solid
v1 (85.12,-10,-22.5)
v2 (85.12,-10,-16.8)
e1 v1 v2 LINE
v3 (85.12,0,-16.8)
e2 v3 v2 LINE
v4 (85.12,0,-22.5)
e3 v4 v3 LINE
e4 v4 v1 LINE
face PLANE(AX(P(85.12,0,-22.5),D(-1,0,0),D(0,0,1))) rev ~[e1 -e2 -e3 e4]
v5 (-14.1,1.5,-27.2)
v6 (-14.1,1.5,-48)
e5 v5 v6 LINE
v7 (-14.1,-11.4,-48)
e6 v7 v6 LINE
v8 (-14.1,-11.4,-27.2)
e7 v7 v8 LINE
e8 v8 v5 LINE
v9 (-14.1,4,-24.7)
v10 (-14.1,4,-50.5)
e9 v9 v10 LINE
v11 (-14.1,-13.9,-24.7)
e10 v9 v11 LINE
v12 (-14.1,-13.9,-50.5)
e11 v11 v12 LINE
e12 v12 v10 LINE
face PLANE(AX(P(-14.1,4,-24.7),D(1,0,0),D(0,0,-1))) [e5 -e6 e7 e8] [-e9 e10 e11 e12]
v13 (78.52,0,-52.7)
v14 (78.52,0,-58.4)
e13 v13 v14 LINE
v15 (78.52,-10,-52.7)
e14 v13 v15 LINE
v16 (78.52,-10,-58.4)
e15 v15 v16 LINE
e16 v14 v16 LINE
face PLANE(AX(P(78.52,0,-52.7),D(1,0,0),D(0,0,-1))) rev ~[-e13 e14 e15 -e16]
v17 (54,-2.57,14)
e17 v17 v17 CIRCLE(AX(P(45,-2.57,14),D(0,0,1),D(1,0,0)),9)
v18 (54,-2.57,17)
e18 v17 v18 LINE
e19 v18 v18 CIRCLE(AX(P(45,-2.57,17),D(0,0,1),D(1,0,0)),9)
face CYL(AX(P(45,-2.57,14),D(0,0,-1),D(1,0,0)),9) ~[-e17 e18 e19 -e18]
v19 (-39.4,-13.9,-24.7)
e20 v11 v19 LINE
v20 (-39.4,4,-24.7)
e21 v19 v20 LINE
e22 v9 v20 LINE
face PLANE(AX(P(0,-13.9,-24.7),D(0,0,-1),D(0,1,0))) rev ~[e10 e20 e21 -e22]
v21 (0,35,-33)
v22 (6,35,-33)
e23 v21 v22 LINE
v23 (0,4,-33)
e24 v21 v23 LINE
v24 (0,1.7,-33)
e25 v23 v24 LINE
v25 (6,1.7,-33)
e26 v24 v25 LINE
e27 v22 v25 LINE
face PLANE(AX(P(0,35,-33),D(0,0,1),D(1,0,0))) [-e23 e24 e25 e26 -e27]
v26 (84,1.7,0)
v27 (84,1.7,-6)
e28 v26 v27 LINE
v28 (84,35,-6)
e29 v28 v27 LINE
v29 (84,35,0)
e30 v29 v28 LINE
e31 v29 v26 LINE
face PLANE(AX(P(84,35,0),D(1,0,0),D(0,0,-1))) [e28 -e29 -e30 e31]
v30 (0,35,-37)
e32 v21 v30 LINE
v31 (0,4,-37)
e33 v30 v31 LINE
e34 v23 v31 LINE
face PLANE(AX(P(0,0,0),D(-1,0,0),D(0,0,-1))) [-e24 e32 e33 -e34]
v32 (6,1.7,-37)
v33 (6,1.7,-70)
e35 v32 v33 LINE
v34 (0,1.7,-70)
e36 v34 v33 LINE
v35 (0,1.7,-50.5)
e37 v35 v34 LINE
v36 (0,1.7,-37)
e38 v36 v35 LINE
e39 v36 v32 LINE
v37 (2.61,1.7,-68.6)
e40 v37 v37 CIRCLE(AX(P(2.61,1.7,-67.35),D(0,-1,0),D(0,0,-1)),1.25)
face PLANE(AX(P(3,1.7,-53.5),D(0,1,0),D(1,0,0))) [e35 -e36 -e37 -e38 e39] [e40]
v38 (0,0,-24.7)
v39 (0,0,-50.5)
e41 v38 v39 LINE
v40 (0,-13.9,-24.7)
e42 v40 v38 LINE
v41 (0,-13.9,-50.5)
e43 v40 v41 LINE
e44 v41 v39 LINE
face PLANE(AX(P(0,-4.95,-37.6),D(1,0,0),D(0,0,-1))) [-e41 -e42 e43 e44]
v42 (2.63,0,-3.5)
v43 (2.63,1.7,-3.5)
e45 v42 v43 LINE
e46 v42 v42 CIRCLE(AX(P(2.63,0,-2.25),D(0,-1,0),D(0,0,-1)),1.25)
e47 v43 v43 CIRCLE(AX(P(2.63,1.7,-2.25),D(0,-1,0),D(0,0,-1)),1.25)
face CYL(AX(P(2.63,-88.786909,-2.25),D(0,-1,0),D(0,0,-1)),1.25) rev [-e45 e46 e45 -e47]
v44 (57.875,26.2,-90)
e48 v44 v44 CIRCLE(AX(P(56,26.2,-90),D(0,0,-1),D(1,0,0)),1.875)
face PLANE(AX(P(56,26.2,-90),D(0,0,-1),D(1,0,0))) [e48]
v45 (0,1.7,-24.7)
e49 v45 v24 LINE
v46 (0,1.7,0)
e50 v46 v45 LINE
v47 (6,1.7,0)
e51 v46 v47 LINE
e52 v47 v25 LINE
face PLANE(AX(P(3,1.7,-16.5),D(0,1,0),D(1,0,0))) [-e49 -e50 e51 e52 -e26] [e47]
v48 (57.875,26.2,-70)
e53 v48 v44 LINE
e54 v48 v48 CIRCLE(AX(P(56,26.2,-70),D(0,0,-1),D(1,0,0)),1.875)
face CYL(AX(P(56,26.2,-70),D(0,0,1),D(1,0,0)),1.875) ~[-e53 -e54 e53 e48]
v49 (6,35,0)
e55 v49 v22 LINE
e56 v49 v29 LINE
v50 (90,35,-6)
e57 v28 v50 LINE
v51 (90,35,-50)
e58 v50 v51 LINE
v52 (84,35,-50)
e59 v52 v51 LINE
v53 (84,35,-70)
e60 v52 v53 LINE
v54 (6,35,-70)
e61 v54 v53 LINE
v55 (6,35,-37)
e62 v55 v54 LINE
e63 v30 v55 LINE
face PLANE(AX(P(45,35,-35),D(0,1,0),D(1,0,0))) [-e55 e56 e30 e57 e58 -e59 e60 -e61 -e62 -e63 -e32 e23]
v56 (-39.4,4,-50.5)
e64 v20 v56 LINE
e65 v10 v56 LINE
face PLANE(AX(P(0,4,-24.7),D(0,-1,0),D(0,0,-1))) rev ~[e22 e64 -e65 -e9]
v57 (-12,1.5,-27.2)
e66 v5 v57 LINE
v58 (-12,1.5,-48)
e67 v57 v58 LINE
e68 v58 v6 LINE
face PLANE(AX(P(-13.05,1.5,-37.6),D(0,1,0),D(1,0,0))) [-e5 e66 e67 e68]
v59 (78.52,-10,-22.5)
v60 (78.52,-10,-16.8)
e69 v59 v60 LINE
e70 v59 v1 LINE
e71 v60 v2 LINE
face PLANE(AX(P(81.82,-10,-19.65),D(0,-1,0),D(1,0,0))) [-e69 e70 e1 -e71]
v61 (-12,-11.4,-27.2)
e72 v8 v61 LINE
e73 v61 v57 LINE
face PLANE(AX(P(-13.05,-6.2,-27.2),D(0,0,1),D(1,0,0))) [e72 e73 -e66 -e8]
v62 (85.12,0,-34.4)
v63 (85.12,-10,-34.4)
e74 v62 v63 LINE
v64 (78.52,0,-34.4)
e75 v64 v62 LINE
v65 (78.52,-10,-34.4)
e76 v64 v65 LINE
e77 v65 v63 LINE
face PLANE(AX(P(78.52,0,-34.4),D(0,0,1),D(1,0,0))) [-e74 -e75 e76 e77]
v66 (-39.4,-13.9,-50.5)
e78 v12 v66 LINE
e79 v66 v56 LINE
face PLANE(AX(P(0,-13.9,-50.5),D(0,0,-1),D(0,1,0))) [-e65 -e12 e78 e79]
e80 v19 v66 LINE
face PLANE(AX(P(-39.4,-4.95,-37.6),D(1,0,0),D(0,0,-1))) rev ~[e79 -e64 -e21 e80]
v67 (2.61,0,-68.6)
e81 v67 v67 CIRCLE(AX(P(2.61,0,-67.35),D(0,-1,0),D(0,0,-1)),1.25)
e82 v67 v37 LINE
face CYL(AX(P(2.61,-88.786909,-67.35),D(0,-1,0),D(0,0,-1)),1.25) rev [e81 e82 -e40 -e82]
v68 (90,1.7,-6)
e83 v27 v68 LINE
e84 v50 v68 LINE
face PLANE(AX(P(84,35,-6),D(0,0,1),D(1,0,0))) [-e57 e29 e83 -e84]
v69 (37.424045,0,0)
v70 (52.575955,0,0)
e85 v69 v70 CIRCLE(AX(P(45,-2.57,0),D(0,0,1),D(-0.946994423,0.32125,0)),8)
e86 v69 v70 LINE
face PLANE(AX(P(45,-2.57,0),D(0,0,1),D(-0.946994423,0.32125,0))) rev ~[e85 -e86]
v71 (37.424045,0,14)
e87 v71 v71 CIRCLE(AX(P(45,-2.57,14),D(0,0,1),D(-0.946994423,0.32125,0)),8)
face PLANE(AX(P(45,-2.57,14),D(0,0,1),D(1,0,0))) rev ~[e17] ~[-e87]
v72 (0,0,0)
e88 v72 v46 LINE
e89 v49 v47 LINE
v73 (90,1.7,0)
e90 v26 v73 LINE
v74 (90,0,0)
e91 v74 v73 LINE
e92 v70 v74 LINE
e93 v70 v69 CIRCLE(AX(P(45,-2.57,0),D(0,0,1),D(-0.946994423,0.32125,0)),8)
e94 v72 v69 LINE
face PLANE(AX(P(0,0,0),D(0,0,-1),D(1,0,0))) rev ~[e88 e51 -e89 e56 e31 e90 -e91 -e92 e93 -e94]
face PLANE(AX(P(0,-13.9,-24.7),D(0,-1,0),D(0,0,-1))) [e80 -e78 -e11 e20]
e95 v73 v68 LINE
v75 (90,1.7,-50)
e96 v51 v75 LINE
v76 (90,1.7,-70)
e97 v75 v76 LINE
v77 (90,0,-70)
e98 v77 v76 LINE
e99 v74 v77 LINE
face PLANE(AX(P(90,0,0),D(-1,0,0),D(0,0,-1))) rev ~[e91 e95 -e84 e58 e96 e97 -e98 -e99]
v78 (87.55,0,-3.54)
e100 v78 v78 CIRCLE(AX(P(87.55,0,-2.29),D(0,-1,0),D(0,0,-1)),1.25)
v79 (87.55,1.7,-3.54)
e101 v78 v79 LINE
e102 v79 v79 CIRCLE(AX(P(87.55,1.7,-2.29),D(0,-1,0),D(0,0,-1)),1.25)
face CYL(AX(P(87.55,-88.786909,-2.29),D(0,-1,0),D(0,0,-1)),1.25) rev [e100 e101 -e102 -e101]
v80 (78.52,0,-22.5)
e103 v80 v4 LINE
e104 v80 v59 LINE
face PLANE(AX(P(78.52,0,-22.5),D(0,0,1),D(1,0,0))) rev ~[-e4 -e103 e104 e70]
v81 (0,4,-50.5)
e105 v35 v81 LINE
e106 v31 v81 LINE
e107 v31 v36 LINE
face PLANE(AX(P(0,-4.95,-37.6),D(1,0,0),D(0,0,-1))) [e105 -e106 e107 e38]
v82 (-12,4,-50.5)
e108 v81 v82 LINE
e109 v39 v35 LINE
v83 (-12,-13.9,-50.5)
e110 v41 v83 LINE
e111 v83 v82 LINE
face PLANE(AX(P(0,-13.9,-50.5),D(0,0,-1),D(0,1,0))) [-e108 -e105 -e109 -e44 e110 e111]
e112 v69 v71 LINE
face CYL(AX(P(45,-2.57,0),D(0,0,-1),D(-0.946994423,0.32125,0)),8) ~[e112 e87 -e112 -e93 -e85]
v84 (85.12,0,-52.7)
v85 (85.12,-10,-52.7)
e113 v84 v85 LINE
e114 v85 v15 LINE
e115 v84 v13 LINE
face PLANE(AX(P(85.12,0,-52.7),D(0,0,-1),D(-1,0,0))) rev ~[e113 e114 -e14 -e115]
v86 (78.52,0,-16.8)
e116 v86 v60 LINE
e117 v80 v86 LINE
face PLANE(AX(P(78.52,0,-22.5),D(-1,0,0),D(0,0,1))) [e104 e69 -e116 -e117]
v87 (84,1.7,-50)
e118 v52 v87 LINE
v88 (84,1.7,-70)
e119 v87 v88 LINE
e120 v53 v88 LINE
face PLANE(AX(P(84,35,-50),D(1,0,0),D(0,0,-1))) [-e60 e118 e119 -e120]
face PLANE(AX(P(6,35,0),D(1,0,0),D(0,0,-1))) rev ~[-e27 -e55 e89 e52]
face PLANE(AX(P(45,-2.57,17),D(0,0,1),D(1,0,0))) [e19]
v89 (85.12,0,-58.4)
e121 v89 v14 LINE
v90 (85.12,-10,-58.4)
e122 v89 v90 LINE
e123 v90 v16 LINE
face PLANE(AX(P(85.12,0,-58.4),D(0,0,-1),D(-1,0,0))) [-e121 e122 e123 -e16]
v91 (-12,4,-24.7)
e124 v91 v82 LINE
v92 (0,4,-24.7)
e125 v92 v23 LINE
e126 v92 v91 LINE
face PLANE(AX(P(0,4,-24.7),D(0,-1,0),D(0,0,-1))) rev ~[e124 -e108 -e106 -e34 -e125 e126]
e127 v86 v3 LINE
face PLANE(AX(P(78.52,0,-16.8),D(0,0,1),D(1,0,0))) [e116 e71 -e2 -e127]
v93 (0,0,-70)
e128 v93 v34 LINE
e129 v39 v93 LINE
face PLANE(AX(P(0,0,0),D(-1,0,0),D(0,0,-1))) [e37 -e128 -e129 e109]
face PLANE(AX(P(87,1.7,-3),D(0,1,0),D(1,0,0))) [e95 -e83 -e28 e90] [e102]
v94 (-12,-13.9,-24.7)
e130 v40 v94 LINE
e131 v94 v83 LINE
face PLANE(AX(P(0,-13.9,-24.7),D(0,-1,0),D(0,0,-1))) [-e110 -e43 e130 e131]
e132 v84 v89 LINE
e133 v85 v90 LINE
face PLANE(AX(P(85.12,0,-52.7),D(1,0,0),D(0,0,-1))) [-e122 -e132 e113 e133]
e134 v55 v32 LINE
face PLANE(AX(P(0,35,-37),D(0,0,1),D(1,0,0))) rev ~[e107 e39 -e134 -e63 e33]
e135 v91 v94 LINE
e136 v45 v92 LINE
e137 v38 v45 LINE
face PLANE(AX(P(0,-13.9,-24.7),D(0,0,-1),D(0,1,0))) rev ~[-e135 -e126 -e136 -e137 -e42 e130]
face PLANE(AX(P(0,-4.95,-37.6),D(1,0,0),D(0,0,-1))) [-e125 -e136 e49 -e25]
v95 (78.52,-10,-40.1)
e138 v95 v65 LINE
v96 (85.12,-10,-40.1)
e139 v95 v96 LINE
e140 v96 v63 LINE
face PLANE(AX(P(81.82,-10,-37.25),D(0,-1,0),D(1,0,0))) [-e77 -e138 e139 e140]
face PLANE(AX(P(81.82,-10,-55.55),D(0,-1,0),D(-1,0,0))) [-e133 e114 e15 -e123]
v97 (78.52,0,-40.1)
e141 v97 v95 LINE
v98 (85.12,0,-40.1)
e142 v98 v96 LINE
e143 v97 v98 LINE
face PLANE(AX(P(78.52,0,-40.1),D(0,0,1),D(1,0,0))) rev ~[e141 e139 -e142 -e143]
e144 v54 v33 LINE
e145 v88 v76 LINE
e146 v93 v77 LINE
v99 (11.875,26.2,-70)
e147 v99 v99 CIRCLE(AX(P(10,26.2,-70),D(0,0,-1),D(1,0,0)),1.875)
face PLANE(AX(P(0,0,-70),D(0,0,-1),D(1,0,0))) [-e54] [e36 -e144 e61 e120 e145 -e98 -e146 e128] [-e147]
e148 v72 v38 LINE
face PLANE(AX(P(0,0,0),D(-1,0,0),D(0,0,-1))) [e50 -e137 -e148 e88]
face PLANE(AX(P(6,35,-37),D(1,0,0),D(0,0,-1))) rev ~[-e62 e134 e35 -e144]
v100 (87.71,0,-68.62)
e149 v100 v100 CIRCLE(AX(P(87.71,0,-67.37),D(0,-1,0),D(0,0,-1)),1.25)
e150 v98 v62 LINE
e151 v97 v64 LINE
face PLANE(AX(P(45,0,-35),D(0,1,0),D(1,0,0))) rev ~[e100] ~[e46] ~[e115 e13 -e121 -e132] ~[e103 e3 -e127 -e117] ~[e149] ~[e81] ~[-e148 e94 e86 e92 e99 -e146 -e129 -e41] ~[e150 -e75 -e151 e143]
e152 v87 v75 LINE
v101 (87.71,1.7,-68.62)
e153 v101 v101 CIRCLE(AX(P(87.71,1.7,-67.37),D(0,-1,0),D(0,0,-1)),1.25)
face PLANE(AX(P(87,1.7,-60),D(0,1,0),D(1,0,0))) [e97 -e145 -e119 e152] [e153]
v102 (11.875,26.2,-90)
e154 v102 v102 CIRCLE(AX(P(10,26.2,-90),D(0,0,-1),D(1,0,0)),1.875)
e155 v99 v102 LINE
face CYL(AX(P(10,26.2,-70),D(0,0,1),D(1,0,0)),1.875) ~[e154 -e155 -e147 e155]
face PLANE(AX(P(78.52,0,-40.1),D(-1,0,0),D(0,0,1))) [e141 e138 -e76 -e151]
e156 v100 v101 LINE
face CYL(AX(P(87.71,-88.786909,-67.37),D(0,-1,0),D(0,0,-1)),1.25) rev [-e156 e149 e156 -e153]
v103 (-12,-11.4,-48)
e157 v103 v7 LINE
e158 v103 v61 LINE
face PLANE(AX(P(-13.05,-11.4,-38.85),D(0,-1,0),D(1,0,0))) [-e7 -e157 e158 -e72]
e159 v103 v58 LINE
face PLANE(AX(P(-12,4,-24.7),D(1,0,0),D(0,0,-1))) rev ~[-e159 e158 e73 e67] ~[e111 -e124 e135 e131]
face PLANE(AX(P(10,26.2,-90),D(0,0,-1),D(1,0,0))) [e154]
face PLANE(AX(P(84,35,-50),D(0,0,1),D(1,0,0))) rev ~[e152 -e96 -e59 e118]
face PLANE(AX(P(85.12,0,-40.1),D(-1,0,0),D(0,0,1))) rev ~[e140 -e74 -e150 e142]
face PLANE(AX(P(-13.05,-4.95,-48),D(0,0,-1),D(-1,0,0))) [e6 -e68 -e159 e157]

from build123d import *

# Parameters (mm, degrees)
SKETCH2_W               = 90
SKETCH2_H               = 70
BOSS_EXTRUDE1_DEPTH     = 35
SKETCH4_R               = 8
BOSS_EXTRUDE2_DEPTH     = 14
SKETCH6_W               = 6.6
SKETCH6_H               = 5.7
BOSS_EXTRUDE3_DEPTH     = 10
SKETCH10_W              = 6.6
SKETCH10_H              = 5.7
BOSS_EXTRUDE4_DEPTH     = 10
SKETCH7_W               = 6.6
SKETCH7_H               = 5.7
BOSS_EXTRUDE5_DEPTH     = 10
CUT_EXTRUDE1_DEPTH      = 123.786908504
CUT_EXTRUDE1_DEPTH_BACK = 123.786908504
SKETCH11_R              = 1.25
CUT_EXTRUDE2_DEPTH      = 123.786908504
CUT_EXTRUDE2_DEPTH_BACK = 123.786908504
SKETCH15_R              = 1.25
CUT_EXTRUDE3_DEPTH      = 123.786908504
CUT_EXTRUDE3_DEPTH_BACK = 123.786908504
SKETCH14_R              = 1.25
CUT_EXTRUDE4_DEPTH      = 123.786908504
CUT_EXTRUDE4_DEPTH_BACK = 123.786908504
SKETCH12_R              = 1.25
SKETCH16_W              = 6
SKETCH16_H              = 33
CUT_EXTRUDE5_DEPTH      = 33.3
SKETCH19_W              = 6
SKETCH19_H              = 33
CUT_EXTRUDE6_DEPTH      = 33.3
SKETCH18_W              = 6
SKETCH18_H              = 6
CUT_EXTRUDE7_DEPTH      = 33.3
SKETCH17_W              = 6
SKETCH17_H              = 20
CUT_EXTRUDE8_DEPTH      = 33.3
SKETCH20_W              = 25.8
SKETCH20_H              = 17.9
BOSS_EXTRUDE6_DEPTH     = 39.4
SKETCH27_R              = 9
BOSS_EXTRUDE7_DEPTH     = 3
SKETCH29_W              = 2.1
SKETCH29_H              = 25.8
CUT_EXTRUDE14_DEPTH     = 2.5
SKETCH34_W              = 2.1
SKETCH34_H              = 15.4
CUT_EXTRUDE15_DEPTH     = 2.5
SKETCH35_W              = 2.1
SKETCH35_H              = 23.3
CUT_EXTRUDE16_DEPTH     = 2.5
SKETCH36_W              = 2.1
SKETCH36_H              = 12.9
CUT_EXTRUDE17_DEPTH     = 2.5
SKETCH38_R              = 1.875
BOSS_EXTRUDE8_DEPTH     = 20


with BuildPart() as part:
    # Sketch2 → Boss-Extrude1 (new body)
    with BuildSketch(Plane(origin=(0, 0, 0), x_dir=(1, 0, 0), z_dir=(0, 1, 0))):
        with Locations((45, 35)):
            Rectangle(SKETCH2_W, SKETCH2_H)
    extrude(amount=BOSS_EXTRUDE1_DEPTH)

    # Sketch4 → Boss-Extrude2 (add)
    with BuildSketch(Plane.XY):
        with Locations(Location((45, -2.57, 0), (0, 0, 161.261463564))):
            Circle(SKETCH4_R)
    extrude(amount=BOSS_EXTRUDE2_DEPTH)

    # Sketch6 → Boss-Extrude3 (add)
    with BuildSketch(Plane(origin=(0, 0, 0), x_dir=(-1, 0, 0), z_dir=(0, -1, 0))):
        with Locations((-81.82, 55.55)):
            Rectangle(SKETCH6_W, SKETCH6_H)
    extrude(amount=BOSS_EXTRUDE3_DEPTH)

    # Sketch10 → Boss-Extrude4 (add)
    with BuildSketch(Plane.XZ):
        with Locations((81.82, -37.25)):
            Rectangle(SKETCH10_W, SKETCH10_H)
    extrude(amount=BOSS_EXTRUDE4_DEPTH)

    # Sketch7 → Boss-Extrude5 (add)
    with BuildSketch(Plane.XZ):
        with Locations((81.82, -19.65)):
            Rectangle(SKETCH7_W, SKETCH7_H)
    extrude(amount=BOSS_EXTRUDE5_DEPTH)

    # Sketch11 → Cut-Extrude1 (cut, two sides: drawn at the far end of the back side and taken through both)
    with BuildSketch(Plane(origin=(0, 35, 0), x_dir=(1, 0, 0), z_dir=(0, 1, 0)).offset(-CUT_EXTRUDE1_DEPTH_BACK)):
        with Locations(Location((87.55, 2.29, 0), (0, 0, 90))):
            Circle(SKETCH11_R)
    extrude(amount=CUT_EXTRUDE1_DEPTH + CUT_EXTRUDE1_DEPTH_BACK, mode=Mode.SUBTRACT)

    # Sketch15 → Cut-Extrude2 (cut, two sides: drawn at the far end of the back side and taken through both)
    with BuildSketch(Plane(origin=(0, 35, 0), x_dir=(1, 0, 0), z_dir=(0, 1, 0)).offset(-CUT_EXTRUDE2_DEPTH_BACK)):
        with Locations(Location((2.61, 67.35, 0), (0, 0, 90))):
            Circle(SKETCH15_R)
    extrude(amount=CUT_EXTRUDE2_DEPTH + CUT_EXTRUDE2_DEPTH_BACK, mode=Mode.SUBTRACT)

    # Sketch14 → Cut-Extrude3 (cut, two sides: drawn at the far end of the back side and taken through both)
    with BuildSketch(Plane(origin=(0, 35, 0), x_dir=(1, 0, 0), z_dir=(0, 1, 0)).offset(-CUT_EXTRUDE3_DEPTH_BACK)):
        with Locations(Location((2.63, 2.25, 0), (0, 0, 90))):
            Circle(SKETCH14_R)
    extrude(amount=CUT_EXTRUDE3_DEPTH + CUT_EXTRUDE3_DEPTH_BACK, mode=Mode.SUBTRACT)

    # Sketch12 → Cut-Extrude4 (cut, two sides: drawn at the far end of the back side and taken through both)
    with BuildSketch(Plane(origin=(0, 35, 0), x_dir=(1, 0, 0), z_dir=(0, 1, 0)).offset(-CUT_EXTRUDE4_DEPTH_BACK)):
        with Locations(Location((87.71, 67.37, 0), (0, 0, 90))):
            Circle(SKETCH12_R)
    extrude(amount=CUT_EXTRUDE4_DEPTH + CUT_EXTRUDE4_DEPTH_BACK, mode=Mode.SUBTRACT)

    # Sketch16 → Cut-Extrude5 (cut)
    with BuildSketch(Plane(origin=(0, 35, 0), x_dir=(1, 0, 0), z_dir=(0, 1, 0))):
        with Locations((3, 53.5)):
            Rectangle(SKETCH16_W, SKETCH16_H)
    extrude(amount=-CUT_EXTRUDE5_DEPTH, mode=Mode.SUBTRACT)

    # Sketch19 → Cut-Extrude6 (cut)
    with BuildSketch(Plane(origin=(0, 35, 0), x_dir=(1, 0, 0), z_dir=(0, 1, 0))):
        with Locations((3, 16.5)):
            Rectangle(SKETCH19_W, SKETCH19_H)
    extrude(amount=-CUT_EXTRUDE6_DEPTH, mode=Mode.SUBTRACT)

    # Sketch18 → Cut-Extrude7 (cut)
    with BuildSketch(Plane(origin=(0, 35, 0), x_dir=(1, 0, 0), z_dir=(0, 1, 0))):
        with Locations((87, 3)):
            Rectangle(SKETCH18_W, SKETCH18_H)
    extrude(amount=-CUT_EXTRUDE7_DEPTH, mode=Mode.SUBTRACT)

    # Sketch17 → Cut-Extrude8 (cut)
    with BuildSketch(Plane(origin=(0, 35, 0), x_dir=(1, 0, 0), z_dir=(0, 1, 0))):
        with Locations((87, 60)):
            Rectangle(SKETCH17_W, SKETCH17_H)
    extrude(amount=-CUT_EXTRUDE8_DEPTH, mode=Mode.SUBTRACT)

    # Sketch20 → Boss-Extrude6 (add)
    with BuildSketch(Plane(origin=(0, 0, 0), x_dir=(0, 0, -1), z_dir=(1, 0, 0))):
        with Locations((37.6, -4.95)):
            Rectangle(SKETCH20_W, SKETCH20_H)
    extrude(amount=-BOSS_EXTRUDE6_DEPTH)

    # Sketch27 → Boss-Extrude7 (add)
    with BuildSketch(Plane.XY.offset(14)):
        with Locations((45, -2.57)):
            Circle(SKETCH27_R)
    extrude(amount=BOSS_EXTRUDE7_DEPTH)

    # Sketch29 → Cut-Extrude14 (cut)
    with BuildSketch(Plane(origin=(0, 4, 0), x_dir=(1, 0, 0), z_dir=(0, 1, 0))):
        with Locations((-13.05, 37.6)):
            Rectangle(SKETCH29_W, SKETCH29_H)
    extrude(amount=-CUT_EXTRUDE14_DEPTH, mode=Mode.SUBTRACT)

    # Sketch34 → Cut-Extrude15 (cut)
    with BuildSketch(Plane.XY.offset(-24.7)):
        with Locations((-13.05, -6.2)):
            Rectangle(SKETCH34_W, SKETCH34_H)
    extrude(amount=-CUT_EXTRUDE15_DEPTH, mode=Mode.SUBTRACT)

    # Sketch35 → Cut-Extrude16 (cut)
    with BuildSketch(Plane.XZ.offset(13.9)):
        with Locations((-13.05, -38.85)):
            Rectangle(SKETCH35_W, SKETCH35_H)
    extrude(amount=-CUT_EXTRUDE16_DEPTH, mode=Mode.SUBTRACT)

    # Sketch36 → Cut-Extrude17 (cut)
    with BuildSketch(Plane(origin=(0, 0, -50.5), x_dir=(-1, 0, 0), z_dir=(0, 0, -1))):
        with Locations((13.05, -4.95)):
            Rectangle(SKETCH36_W, SKETCH36_H)
    extrude(amount=-CUT_EXTRUDE17_DEPTH, mode=Mode.SUBTRACT)

    # Sketch38 → Boss-Extrude8 (add)
    with BuildSketch(Plane(origin=(0, 0, -70), x_dir=(-1, 0, 0), z_dir=(0, 0, -1))):
        with Locations(Location((-56, 26.2, 0), (0, 0, 180))):
            Circle(SKETCH38_R)
        with Locations(Location((-10, 26.2, 0), (0, 0, 180))):
            Circle(SKETCH38_R)
    extrude(amount=BOSS_EXTRUDE8_DEPTH)


solid = part.part
